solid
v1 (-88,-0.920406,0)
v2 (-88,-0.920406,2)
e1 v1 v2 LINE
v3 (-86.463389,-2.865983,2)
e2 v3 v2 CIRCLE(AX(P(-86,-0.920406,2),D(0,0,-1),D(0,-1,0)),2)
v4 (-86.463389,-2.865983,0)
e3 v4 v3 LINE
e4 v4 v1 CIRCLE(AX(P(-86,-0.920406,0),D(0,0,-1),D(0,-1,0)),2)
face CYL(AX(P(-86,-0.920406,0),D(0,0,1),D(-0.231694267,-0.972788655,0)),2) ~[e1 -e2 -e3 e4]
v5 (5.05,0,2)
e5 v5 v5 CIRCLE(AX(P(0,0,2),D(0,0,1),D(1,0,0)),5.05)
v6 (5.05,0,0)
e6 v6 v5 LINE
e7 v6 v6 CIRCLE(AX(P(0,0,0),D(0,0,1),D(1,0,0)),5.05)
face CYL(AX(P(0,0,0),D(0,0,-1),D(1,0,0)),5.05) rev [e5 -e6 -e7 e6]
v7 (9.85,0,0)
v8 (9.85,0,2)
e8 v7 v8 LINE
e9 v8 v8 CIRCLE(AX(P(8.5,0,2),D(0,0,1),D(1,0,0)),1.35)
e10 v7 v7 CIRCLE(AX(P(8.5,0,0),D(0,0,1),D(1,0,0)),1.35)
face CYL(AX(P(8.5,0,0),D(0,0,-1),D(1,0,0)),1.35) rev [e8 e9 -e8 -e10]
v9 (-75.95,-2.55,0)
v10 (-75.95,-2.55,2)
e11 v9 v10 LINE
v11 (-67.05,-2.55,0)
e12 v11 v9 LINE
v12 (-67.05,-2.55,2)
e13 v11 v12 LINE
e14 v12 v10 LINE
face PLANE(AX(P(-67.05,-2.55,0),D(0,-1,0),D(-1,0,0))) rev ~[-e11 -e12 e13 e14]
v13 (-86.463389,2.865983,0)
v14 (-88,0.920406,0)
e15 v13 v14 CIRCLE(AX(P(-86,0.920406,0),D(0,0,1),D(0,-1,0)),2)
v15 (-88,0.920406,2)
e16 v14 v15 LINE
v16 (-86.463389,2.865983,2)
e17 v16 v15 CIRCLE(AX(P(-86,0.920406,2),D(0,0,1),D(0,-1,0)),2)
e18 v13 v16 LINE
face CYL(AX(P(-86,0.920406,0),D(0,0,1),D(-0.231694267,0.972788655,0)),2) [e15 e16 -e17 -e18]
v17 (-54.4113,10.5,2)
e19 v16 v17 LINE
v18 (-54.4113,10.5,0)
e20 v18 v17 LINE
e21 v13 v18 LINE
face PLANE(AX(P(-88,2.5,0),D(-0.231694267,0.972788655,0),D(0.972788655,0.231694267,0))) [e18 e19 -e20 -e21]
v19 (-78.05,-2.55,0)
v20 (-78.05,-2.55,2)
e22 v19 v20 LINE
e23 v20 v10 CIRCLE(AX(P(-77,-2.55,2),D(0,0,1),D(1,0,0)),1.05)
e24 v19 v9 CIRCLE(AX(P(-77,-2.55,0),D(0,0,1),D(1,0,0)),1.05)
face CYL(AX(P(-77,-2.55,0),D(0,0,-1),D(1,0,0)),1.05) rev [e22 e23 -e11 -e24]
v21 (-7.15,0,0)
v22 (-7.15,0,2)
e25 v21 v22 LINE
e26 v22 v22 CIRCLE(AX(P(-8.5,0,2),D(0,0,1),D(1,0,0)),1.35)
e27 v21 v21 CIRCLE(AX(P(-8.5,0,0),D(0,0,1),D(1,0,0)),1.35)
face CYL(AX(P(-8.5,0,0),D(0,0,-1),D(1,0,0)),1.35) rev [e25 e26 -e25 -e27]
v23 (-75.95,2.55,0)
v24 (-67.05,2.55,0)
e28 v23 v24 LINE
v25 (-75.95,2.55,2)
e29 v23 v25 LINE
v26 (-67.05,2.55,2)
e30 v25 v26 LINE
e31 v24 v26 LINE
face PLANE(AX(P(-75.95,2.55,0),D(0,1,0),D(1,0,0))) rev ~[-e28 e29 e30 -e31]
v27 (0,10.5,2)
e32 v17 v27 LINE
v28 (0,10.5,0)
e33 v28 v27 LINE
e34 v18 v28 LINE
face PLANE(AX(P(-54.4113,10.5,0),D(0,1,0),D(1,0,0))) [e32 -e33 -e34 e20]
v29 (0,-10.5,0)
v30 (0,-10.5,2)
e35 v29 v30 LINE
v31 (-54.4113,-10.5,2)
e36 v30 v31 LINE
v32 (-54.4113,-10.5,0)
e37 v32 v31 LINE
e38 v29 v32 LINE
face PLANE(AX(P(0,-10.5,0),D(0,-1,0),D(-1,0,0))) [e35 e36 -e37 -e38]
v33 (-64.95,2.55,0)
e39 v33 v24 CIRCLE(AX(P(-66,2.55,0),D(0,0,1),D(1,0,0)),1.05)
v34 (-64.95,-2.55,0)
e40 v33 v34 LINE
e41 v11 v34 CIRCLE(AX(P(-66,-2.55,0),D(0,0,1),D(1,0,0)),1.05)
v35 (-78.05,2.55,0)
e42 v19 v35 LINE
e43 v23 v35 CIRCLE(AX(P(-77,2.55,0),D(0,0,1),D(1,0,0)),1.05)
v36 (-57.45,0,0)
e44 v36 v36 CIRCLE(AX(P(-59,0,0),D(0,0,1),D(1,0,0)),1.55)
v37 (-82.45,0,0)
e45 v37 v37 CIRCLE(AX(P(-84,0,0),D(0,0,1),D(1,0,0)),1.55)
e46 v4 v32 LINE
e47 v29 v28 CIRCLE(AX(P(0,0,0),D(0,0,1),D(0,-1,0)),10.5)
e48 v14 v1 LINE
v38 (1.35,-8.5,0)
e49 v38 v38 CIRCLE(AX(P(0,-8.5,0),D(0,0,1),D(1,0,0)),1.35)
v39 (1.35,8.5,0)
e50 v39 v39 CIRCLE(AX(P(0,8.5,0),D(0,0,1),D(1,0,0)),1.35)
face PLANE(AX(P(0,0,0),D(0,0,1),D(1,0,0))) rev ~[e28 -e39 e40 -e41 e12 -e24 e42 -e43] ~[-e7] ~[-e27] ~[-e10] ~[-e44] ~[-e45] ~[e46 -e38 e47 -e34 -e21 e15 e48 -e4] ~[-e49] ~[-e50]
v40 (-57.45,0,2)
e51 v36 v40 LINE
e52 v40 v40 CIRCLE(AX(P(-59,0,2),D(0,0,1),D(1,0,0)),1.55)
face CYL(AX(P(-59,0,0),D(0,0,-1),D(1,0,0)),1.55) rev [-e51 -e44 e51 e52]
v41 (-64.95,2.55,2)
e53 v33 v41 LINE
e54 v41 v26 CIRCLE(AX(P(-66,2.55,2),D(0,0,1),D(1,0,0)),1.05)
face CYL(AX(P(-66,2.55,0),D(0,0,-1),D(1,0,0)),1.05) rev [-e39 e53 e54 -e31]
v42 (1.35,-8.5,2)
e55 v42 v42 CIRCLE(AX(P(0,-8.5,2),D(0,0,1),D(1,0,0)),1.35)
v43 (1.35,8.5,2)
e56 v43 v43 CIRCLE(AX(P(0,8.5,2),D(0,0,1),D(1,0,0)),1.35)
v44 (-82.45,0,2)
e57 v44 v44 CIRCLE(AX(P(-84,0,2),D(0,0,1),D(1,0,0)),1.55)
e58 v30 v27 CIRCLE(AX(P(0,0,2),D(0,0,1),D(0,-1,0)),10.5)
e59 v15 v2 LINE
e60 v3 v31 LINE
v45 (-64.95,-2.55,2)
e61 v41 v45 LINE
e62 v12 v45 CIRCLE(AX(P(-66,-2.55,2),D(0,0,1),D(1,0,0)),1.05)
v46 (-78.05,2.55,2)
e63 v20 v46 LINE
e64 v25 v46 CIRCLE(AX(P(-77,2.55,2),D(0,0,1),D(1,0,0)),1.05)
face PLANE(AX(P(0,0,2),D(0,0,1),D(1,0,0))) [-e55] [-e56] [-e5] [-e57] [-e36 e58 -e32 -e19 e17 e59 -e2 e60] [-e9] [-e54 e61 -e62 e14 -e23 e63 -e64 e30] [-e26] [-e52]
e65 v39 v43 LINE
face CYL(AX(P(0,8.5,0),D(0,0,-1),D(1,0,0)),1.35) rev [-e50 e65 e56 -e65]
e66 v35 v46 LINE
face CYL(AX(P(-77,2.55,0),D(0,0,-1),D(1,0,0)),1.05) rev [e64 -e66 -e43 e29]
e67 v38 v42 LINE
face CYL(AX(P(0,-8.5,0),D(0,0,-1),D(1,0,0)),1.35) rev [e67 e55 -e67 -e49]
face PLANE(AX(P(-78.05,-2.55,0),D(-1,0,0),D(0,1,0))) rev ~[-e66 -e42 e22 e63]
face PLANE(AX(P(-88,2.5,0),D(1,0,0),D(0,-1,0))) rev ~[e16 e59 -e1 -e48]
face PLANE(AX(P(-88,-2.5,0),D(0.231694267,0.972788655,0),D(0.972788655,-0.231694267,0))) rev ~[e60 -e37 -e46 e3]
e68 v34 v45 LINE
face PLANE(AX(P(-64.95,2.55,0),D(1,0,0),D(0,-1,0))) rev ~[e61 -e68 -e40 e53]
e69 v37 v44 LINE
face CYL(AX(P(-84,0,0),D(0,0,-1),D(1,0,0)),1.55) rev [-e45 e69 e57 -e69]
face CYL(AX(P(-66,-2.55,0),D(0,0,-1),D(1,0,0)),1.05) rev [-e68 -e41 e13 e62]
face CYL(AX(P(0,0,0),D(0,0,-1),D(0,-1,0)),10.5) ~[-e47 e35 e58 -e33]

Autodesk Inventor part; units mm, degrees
ref_plane "YZ Plane" through (0, 0, 0) normal (1, 0, 0) x (0, 1, 0)
ref_plane "XZ Plane" through (0, 0, 0) normal (0, 1, 0) x (-1, 0, 0)
ref_plane "XY Plane" through (0, 0, 0) normal (0, 0, 1) x (1, 0, 0)
sketch "スケッチ1" plane through (0, 0, 0) normal (0, 0, 1) x (1, 0, 0)
  circle A0 centre (0, 0) radius 10.5 construction
  line L0 (0, 10.5) -> (-200, 10.5) construction
  line L1 (-200, 10.5) -> (-200, -10.5) construction
  line L2 (-200, -10.5) -> (0, -10.5) construction
  circle A1 centre (-195, 0) radius 1.55 construction
  line L3 (-185, 2.5) -> (-70, 2.5) construction
  line L4 (-70, 2.5) -> (-70, -2.5) construction
  line L5 (-70, -2.5) -> (-185, -2.5) construction
  line L6 (-185, -2.5) -> (-185, 2.5) construction
  line L7 (-127.5, 2.5) -> (-127.5, -2.5) construction
  circle A2 centre (-60, 0) radius 1.55 construction
  line L8 (-12, 21.3027) -> (-12, -27.3903) construction
  line L9 (-69.95, 2.55) -> (-185.05, 2.55) construction
  line L10 (-185.05, 2.55) -> (-185.05, -2.55) construction
  line L11 (-185.05, -2.55) -> (-69.95, -2.55) construction
  line L12 (-69.95, -2.55) -> (-69.95, 2.55) construction
  circle A3 centre (-184, 2.55) radius 1.05 construction
  line L13 (-185, 0) -> (-127.5, 0) construction
  line L14 (-185.05, 2.55) -> (-185.05, -2.55) construction
  arc A4 (-182.95, 2.55) -> (-185.05, 2.55) centre (-184, 2.55) ccw construction
  line L15 (-182.95, 2.55) -> (-72.05, 2.55) construction
  arc A5 (-69.95, 2.55) -> (-72.05, 2.55) centre (-71, 2.55) ccw construction
  line L16 (-69.95, 2.55) -> (-69.95, -2.55) construction
  arc A6 (-185.05, -2.55) -> (-182.95, -2.55) centre (-184, -2.55) ccw construction
  line L17 (-182.95, -2.55) -> (-72.05, -2.55) construction
  arc A7 (-72.05, -2.55) -> (-69.95, -2.55) centre (-71, -2.55) ccw construction
  circle A8 centre (0, 8.5) radius 1.35
  circle A9 centre (0, 0) radius 5.05
  circle A10 centre (-8.5, 0) radius 1.35
  circle A11 centre (0, -8.5) radius 1.35
  circle A12 centre (8.5, 0) radius 1.35
  line L18 (-200, 4.8006) -> (-200, -4.8006) construction
  line L19 (-200, 4.8006) -> (-60, 10.5) construction
  line L20 (-60, 10.5) -> (0, 10.5) construction
  line L21 (-200, -4.8006) -> (-60, -10.5) construction
  line L22 (-60, -10.5) -> (0, -10.5) construction
  arc A13 (0, -10.5) -> (0, 10.5) centre (0, 0) ccw construction
  circle A14 centre (-195, 0) radius 5 construction
  circle A15 centre (-59, 0) radius 1.55
  circle A16 centre (-84, 0) radius 1.55
  line L23 (-55, -2.5) -> (-88, -2.5) construction
  line L24 (-88, -2.5) -> (-88, 2.5) construction
  line L25 (-88, 2.5) -> (-55, 2.5) construction
  line L26 (-55, 2.5) -> (-55, -2.5) construction
  line L27 (-65, -2.5) -> (-78, -2.5) construction
  line L28 (-78, -2.5) -> (-78, 2.5) construction
  line L29 (-78, 2.5) -> (-65, 2.5) construction
  line L30 (-65, 2.5) -> (-65, -2.5) construction
  line L31 (-64.95, -2.55) -> (-78.05, -2.55)
  line L32 (-78.05, -2.55) -> (-78.05, 2.55)
  line L33 (-78.05, 2.55) -> (-64.95, 2.55)
  line L34 (-64.95, 2.55) -> (-64.95, -2.55)
  circle A17 centre (-66, -2.55) radius 1.05
  circle A18 centre (-66, 2.55) radius 1.05
  circle A19 centre (-77, -2.55) radius 1.05
  circle A20 centre (-77, 2.55) radius 1.05
  line L35 (-88, 2.5) -> (-88, -2.5)
  line L36 (-88, -2.5) -> (-54.4113, -10.5)
  line L37 (-88, 2.5) -> (-54.4113, 10.5)
  arc A21 (0, -10.5) -> (0, 10.5) centre (0, 0) ccw
  line L38 (-54.4113, 10.5) -> (0, 10.5)
  line L39 (0, -10.5) -> (-54.4113, -10.5)
  circle A22 centre (-77, 2.55) radius 2.5 construction
  circle A23 centre (0, 0) radius 16 construction
  circle A24 centre (0, 0) radius 21 construction
  line L40 (-21, 19.3585) -> (-21, -28.09) construction
  point P0 (-200, 0)
  point P1 (-55, 0)
  dimension "d9" = 2.1
  dimension "d29" = 2.1
  dimension "d0" = 200
  dimension "d1" = 3.1
  dimension "d2" = 21
  dimension "d3" = 10
  dimension "d4" = 5
  dimension "d5" = 12
  dimension "d6" = 135
  dimension "d7" = 5
  dimension "d8" = 0.05
  dimension "d10" = 2.7
  dimension "d11" = 8.5
  dimension "d12" = 10.1
  dimension "d15" = 360
  dimension "d20" = 3.1
  dimension "d21" = 5
  dimension "d22" = 4
  dimension "d23" = 5
  dimension "d24" = 25
  dimension "d26" = 10
  dimension "d27" = 4
  dimension "d28" = 10
  dimension "d30" = 0.05
  dimension "d32" = 5
  dimension "d33" = 32
  dimension "d34" = 5
extrude "押し出し1" add sketch "スケッチ1" along normal blind 2
fillet "フィレット2" radius 2 2 edges at (-88, 2.5, 1) (-88, -2.5, 1)
equation "\"d0\" = d0_1"
equation "\"d2\" = d2_1"
equation "\"d3\" = d3_1"
equation "\"d4\" = d4_1"
equation "\"d6\" = d6_1"
equation "\"d21\" = d4"
equation "\"d27\" = d22"
equation "\"d28\" = d26"
equation "\"d2_1\" = 21"
equation "\"d3_1\" = 10"
equation "\"d4_1\" = 5"
equation "\"d6_1\" = 135"
equation "\"d0_1\" = 200"
properties part number "前腕_メインフレーム_1_2" material "GFRP"
